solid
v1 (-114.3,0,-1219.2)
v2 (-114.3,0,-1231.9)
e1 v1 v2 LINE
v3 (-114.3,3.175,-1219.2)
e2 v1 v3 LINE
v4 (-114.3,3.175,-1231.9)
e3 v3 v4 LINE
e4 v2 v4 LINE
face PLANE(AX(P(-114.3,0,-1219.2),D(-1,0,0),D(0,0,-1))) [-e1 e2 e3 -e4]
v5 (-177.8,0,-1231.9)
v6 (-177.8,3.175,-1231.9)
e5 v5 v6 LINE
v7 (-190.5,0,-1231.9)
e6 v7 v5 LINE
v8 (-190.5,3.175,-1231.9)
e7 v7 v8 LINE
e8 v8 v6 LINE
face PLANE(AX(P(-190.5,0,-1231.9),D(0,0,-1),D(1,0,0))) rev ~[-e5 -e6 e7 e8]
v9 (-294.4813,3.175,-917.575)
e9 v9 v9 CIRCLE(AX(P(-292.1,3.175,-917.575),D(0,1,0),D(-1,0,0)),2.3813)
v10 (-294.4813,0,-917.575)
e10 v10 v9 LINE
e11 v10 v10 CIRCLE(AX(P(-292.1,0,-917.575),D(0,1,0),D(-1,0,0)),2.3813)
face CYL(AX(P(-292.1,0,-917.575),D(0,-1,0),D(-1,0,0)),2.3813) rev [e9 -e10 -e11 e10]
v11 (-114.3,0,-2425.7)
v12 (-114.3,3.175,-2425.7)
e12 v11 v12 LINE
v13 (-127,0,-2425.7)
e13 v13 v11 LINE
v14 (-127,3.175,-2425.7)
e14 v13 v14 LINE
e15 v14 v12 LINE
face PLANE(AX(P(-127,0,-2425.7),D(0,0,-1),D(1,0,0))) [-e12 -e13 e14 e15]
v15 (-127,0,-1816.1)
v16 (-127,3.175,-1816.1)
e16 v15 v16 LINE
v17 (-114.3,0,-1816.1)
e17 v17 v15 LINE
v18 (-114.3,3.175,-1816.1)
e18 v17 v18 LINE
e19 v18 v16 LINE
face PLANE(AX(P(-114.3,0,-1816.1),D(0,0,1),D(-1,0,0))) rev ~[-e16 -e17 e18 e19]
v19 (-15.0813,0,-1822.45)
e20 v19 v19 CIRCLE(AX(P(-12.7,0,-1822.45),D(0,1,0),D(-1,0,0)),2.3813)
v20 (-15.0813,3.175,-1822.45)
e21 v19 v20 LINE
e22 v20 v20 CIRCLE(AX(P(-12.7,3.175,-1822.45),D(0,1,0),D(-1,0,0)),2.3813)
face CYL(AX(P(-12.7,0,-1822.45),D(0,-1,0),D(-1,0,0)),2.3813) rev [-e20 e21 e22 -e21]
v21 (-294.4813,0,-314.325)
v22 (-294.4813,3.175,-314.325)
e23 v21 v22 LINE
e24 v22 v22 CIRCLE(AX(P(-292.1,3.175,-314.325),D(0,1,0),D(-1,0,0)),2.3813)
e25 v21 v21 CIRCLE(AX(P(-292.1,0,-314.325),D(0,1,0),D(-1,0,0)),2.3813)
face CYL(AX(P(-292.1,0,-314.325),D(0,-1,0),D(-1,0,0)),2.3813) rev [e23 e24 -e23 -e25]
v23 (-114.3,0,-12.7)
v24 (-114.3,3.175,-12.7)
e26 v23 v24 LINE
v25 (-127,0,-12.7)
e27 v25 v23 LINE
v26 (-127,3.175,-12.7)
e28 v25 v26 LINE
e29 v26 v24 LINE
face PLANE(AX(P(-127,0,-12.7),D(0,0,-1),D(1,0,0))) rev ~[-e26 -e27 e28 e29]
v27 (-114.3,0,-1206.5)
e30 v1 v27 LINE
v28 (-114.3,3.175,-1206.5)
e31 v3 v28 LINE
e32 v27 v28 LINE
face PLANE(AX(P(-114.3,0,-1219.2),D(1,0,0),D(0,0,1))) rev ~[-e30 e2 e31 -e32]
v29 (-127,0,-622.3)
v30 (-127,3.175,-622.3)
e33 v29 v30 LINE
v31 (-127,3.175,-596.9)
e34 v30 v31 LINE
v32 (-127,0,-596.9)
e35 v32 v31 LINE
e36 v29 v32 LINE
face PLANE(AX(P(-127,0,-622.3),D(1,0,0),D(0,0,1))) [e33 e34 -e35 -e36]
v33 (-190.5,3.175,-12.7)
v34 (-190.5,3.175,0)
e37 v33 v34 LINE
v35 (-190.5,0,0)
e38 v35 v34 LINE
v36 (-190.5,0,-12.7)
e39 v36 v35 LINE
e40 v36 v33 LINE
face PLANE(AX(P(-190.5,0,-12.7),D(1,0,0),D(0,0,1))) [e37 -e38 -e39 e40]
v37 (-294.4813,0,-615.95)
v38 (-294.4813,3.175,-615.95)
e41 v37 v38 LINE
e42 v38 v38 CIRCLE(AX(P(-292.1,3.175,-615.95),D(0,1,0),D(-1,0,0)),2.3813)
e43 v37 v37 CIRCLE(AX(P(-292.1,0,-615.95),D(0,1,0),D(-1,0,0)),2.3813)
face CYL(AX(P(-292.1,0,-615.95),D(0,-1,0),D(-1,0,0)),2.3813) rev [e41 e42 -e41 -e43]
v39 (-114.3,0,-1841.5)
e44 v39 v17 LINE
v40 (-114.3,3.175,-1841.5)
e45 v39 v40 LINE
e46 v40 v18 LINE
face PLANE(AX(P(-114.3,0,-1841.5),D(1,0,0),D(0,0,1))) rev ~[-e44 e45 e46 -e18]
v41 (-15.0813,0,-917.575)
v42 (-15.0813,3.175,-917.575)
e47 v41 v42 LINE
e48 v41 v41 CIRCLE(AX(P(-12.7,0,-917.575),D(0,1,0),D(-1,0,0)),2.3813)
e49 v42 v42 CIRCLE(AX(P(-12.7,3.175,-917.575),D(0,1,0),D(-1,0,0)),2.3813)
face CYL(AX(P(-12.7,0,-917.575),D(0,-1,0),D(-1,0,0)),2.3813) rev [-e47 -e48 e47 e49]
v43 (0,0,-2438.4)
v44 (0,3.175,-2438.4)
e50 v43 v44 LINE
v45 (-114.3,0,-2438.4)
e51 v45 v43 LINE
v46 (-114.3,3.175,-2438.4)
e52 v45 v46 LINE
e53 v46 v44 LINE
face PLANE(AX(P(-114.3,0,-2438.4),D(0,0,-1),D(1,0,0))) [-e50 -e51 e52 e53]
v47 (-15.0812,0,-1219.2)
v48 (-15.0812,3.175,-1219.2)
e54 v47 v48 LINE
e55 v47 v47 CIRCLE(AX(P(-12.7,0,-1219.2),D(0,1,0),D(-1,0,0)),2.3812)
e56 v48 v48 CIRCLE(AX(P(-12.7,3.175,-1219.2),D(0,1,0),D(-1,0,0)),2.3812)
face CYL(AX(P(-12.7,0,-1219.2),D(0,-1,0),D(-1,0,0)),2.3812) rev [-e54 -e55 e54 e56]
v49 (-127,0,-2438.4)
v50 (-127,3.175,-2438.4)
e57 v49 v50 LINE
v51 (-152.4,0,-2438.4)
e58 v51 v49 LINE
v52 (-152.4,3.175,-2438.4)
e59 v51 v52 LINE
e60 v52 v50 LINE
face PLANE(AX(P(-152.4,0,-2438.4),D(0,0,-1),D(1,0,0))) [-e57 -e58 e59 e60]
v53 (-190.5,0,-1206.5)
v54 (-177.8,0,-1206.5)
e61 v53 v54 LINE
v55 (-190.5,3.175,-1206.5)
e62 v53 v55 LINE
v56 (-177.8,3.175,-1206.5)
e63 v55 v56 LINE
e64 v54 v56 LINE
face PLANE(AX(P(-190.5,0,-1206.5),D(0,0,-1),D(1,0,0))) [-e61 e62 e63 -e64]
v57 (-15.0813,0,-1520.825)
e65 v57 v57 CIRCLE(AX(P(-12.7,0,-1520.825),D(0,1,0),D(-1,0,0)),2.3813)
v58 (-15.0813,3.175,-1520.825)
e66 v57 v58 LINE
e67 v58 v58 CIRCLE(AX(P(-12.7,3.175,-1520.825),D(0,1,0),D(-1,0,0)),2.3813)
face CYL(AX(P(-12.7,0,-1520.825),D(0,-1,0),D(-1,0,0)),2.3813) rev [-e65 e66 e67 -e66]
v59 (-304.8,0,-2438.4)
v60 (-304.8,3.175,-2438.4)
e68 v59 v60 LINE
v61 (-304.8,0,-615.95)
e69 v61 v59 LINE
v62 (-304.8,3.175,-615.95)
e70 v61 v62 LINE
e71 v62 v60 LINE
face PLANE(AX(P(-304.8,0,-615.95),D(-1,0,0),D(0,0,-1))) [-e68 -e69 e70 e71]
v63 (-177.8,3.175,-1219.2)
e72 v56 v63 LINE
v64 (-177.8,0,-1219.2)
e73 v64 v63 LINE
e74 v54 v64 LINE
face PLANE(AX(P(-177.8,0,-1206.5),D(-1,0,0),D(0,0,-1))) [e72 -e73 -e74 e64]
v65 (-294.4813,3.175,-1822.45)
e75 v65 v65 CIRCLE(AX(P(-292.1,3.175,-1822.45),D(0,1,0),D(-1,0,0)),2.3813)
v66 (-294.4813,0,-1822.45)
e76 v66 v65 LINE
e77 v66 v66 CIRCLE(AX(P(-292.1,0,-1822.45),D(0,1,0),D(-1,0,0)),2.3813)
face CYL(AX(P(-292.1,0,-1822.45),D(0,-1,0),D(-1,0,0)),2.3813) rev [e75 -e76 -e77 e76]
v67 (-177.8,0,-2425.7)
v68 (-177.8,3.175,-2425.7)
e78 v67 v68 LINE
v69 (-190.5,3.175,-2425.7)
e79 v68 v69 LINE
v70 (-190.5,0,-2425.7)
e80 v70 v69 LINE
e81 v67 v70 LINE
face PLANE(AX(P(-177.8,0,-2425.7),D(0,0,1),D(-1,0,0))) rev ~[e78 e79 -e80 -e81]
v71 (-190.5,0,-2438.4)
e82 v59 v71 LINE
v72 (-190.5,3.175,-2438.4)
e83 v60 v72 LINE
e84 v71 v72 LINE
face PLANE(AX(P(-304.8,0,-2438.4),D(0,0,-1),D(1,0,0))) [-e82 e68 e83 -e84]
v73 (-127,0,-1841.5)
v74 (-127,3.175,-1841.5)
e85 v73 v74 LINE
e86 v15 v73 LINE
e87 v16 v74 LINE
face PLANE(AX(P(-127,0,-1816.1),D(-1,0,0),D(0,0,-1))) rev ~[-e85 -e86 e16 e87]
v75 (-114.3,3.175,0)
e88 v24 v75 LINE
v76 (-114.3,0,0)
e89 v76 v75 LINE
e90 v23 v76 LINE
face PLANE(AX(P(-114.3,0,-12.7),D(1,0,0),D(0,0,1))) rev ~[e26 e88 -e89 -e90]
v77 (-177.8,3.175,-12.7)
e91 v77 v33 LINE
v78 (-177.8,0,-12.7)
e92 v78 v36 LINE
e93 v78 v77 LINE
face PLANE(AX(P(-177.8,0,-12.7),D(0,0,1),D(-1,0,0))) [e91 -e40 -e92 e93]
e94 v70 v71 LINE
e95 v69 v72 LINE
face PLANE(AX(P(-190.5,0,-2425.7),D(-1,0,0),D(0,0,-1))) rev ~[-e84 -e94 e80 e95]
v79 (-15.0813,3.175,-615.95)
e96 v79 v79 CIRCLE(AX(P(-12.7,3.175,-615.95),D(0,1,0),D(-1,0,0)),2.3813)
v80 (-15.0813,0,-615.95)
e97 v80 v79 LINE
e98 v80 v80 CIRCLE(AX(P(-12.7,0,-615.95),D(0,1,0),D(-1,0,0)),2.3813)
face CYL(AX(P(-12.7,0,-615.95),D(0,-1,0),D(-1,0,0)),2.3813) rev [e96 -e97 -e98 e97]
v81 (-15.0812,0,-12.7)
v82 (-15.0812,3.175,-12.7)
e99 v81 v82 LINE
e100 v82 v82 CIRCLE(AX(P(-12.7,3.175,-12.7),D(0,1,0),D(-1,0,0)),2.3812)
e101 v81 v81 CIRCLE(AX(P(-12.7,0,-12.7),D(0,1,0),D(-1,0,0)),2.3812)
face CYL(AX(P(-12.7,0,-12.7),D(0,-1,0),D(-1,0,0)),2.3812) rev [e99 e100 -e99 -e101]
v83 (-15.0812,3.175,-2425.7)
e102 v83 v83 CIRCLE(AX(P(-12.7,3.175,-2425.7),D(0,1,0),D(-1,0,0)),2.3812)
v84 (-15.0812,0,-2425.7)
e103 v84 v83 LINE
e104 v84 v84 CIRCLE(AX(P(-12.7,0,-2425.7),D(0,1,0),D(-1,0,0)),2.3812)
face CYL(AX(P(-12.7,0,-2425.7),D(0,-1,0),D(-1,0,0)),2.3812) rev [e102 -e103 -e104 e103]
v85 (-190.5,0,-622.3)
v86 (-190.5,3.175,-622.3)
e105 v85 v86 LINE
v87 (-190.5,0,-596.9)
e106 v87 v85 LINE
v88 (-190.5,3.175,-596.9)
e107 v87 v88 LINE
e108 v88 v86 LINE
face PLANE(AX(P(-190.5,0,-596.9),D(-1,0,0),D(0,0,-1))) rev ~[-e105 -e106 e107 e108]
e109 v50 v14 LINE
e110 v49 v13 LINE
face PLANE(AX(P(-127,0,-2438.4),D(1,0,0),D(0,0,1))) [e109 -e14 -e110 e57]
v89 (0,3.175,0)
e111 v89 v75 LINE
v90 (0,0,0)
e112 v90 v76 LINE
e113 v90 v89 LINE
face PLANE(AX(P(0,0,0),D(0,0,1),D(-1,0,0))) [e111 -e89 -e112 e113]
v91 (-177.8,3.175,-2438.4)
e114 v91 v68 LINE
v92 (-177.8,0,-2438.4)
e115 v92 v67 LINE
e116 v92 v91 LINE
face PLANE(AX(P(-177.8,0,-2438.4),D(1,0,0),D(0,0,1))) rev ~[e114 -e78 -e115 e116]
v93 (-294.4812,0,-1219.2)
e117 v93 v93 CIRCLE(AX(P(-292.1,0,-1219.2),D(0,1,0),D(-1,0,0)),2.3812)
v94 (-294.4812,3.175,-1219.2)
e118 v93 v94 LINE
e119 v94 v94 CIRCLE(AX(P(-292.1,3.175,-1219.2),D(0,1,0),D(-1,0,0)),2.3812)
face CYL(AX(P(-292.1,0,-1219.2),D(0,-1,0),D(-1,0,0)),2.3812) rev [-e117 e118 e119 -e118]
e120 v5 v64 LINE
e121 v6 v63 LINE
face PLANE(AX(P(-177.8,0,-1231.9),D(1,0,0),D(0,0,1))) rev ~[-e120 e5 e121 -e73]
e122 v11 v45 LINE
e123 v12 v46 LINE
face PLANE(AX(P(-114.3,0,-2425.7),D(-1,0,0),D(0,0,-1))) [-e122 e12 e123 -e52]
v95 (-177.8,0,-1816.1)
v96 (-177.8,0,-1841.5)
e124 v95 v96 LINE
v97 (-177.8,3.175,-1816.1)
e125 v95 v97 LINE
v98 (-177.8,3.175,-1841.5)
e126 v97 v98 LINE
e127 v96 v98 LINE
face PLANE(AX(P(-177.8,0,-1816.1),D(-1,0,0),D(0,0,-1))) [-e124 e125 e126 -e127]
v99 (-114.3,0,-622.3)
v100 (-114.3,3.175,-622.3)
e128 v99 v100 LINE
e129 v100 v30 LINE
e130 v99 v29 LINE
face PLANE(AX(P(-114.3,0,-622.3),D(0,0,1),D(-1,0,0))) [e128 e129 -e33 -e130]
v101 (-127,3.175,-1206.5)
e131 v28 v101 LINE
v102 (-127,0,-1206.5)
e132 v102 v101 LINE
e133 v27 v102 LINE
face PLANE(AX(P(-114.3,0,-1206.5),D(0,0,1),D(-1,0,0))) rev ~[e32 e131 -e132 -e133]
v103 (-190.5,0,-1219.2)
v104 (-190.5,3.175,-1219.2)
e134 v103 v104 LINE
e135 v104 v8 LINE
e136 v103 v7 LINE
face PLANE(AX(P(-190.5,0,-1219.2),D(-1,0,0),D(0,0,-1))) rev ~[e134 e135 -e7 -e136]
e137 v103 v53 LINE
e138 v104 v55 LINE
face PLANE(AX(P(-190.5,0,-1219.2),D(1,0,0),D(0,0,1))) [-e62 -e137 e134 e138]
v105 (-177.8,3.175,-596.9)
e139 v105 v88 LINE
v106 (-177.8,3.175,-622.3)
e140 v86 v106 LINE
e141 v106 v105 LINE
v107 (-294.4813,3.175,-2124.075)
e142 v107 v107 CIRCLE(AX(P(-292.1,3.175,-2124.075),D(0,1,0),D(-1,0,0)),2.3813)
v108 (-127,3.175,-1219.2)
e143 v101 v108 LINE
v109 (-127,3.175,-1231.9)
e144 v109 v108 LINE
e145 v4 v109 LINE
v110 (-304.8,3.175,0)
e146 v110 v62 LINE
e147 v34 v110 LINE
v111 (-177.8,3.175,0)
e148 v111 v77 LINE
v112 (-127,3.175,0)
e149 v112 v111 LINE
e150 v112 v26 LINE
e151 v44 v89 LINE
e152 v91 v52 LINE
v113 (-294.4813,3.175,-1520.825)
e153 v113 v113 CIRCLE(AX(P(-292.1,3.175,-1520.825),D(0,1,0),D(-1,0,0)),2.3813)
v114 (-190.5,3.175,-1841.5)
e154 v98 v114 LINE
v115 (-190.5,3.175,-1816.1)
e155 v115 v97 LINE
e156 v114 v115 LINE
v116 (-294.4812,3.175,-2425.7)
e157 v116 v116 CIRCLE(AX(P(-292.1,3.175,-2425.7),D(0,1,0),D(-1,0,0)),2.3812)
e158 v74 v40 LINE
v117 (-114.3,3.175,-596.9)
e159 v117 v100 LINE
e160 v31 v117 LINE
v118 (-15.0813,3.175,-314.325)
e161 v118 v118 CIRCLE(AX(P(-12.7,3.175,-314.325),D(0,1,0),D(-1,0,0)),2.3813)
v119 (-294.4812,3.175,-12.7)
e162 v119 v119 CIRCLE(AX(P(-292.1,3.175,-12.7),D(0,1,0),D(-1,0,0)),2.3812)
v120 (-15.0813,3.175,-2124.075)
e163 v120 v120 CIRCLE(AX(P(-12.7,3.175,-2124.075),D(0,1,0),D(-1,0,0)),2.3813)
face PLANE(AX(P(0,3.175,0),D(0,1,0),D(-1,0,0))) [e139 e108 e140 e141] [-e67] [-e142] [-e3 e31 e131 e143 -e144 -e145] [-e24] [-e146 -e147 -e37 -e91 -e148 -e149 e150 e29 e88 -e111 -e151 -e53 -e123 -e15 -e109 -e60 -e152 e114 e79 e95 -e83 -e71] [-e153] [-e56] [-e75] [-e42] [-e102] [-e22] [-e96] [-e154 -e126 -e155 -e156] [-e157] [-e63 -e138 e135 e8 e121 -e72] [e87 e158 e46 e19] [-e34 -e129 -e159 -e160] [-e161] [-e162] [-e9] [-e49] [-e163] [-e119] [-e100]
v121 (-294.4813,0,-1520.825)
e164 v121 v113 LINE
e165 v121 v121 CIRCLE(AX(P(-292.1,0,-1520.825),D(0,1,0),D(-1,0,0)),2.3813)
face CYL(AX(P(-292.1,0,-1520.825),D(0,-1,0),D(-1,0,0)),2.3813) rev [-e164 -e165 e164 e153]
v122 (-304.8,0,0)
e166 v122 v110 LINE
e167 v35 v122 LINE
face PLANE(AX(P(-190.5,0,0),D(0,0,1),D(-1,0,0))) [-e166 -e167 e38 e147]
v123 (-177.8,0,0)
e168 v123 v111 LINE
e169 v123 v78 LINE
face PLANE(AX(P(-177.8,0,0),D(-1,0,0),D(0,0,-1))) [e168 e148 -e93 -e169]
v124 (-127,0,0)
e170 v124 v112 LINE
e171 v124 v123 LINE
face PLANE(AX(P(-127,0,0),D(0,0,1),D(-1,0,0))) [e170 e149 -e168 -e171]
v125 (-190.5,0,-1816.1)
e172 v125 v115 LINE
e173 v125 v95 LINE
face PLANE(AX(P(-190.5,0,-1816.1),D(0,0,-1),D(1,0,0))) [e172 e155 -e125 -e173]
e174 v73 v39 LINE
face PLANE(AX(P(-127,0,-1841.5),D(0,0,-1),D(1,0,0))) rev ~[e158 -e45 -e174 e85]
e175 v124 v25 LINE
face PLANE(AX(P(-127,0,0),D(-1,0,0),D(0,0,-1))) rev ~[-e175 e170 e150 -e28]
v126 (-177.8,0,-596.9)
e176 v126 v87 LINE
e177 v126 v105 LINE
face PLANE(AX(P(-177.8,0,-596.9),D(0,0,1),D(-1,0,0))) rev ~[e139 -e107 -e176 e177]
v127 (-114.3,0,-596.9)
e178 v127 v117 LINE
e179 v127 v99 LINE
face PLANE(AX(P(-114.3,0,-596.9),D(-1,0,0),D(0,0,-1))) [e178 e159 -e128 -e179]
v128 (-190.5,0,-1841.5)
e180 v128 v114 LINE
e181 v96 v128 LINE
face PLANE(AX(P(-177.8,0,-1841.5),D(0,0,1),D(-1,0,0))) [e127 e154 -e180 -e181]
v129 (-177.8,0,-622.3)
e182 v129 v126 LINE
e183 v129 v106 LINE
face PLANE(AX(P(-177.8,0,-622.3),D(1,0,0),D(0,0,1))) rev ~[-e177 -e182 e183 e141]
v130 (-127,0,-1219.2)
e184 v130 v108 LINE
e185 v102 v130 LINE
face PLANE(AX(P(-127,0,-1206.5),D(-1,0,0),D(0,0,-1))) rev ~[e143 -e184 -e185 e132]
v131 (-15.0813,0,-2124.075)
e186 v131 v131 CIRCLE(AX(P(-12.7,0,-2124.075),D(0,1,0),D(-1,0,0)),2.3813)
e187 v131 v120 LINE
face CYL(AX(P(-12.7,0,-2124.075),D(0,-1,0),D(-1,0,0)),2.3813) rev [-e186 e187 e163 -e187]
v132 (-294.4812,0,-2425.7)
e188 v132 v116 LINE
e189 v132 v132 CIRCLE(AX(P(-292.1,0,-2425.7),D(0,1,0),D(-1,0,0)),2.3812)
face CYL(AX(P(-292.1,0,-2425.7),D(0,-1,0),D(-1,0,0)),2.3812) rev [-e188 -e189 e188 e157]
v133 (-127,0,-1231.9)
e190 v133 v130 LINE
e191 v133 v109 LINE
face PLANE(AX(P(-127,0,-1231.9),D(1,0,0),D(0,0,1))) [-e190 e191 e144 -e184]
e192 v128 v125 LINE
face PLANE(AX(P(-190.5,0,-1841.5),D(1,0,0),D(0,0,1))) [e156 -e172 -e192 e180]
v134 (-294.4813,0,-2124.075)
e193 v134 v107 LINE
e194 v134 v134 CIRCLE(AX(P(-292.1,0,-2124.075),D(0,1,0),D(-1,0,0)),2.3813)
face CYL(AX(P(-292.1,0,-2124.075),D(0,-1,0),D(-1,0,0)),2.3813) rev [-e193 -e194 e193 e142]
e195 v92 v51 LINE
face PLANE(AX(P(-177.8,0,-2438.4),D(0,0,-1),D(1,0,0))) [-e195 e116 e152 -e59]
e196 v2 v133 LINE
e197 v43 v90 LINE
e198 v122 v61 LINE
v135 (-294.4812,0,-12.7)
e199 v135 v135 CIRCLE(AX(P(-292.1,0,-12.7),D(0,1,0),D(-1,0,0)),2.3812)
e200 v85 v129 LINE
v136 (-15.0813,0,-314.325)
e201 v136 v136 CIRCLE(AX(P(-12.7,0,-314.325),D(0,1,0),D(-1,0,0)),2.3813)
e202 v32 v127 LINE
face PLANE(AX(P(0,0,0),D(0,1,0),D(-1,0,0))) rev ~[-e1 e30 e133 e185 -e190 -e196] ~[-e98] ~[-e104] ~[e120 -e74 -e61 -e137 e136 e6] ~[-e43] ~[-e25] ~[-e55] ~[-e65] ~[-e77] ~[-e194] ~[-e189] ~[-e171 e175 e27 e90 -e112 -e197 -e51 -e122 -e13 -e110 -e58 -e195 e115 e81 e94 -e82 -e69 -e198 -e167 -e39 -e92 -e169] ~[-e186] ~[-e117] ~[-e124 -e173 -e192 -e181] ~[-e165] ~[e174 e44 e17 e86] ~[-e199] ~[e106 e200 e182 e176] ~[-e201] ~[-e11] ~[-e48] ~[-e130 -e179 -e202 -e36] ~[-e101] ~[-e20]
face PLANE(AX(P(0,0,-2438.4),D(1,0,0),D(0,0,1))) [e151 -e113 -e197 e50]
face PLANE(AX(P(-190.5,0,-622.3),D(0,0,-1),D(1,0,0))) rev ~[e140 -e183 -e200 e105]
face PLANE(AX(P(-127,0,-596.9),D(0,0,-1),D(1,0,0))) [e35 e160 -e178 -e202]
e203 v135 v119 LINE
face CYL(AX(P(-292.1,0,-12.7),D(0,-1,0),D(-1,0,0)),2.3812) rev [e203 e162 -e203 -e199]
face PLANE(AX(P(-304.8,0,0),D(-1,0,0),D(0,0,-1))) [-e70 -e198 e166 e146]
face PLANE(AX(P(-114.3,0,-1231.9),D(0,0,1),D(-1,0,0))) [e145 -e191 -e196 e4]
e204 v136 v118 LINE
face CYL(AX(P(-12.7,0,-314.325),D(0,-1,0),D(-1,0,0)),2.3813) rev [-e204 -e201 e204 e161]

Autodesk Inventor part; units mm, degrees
ref_plane "YZ Plane" through (0, 0, 0) normal (1, 0, 0) x (0, 1, 0)
ref_plane "XZ Plane" through (0, 0, 0) normal (0, 1, 0) x (-1, 0, 0)
ref_plane "XY Plane" through (0, 0, 0) normal (0, 0, 1) x (1, 0, 0)
sketch "Sketch1" plane through (0, 0, 0) normal (0, 1, 0) x (-1, 0, 0)
  line L0 (0, 0) -> (304.8, 0)
  line L1 (304.8, 0) -> (304.8, -2438.4)
  line L2 (304.8, -2438.4) -> (0, -2438.4)
  line L3 (0, -2438.4) -> (0, 0)
  line L4 (114.3, 0) -> (127, 0)
  line L5 (127, 0) -> (127, -12.7)
  line L6 (127, -12.7) -> (114.3, -12.7)
  line L7 (114.3, -12.7) -> (114.3, 0)
  line L8 (152.4, -2438.4) -> (152.4, -2413)
  line L9 (127, -1219.2) -> (114.3, -1219.2)
  line L10 (114.3, -1219.2) -> (114.3, -1206.5)
  line L11 (114.3, -1206.5) -> (127, -1206.5)
  line L12 (127, -1206.5) -> (127, -1219.2)
  line L13 (114.3, -2438.4) -> (127, -2438.4)
  line L14 (127, -2438.4) -> (127, -2425.7)
  line L15 (127, -2425.7) -> (114.3, -2425.7)
  line L16 (114.3, -2425.7) -> (114.3, -2438.4)
  line L17 (114.3, -1219.2) -> (114.3, -1231.9)
  line L18 (114.3, -1231.9) -> (127, -1231.9)
  line L19 (127, -1231.9) -> (127, -1219.2)
  line L20 (190.5, 0) -> (177.8, 0)
  line L21 (177.8, 0) -> (177.8, -12.7)
  line L22 (177.8, -12.7) -> (190.5, -12.7)
  line L23 (190.5, -12.7) -> (190.5, 0)
  line L24 (177.8, -1219.2) -> (190.5, -1219.2)
  line L25 (190.5, -1219.2) -> (190.5, -1206.5)
  line L26 (190.5, -1206.5) -> (177.8, -1206.5)
  line L27 (177.8, -1206.5) -> (177.8, -1219.2)
  line L28 (190.5, -1231.9) -> (177.8, -1231.9)
  line L29 (190.5, -1219.2) -> (190.5, -1231.9)
  line L30 (177.8, -1231.9) -> (177.8, -1219.2)
  line L31 (177.8, -2425.7) -> (190.5, -2425.7)
  line L32 (190.5, -2438.4) -> (177.8, -2438.4)
  line L33 (177.8, -2438.4) -> (177.8, -2425.7)
  line L34 (190.5, -2425.7) -> (190.5, -2438.4)
  line L35 (127, -596.9) -> (114.3, -596.9)
  line L36 (114.3, -596.9) -> (114.3, -622.3)
  line L37 (114.3, -622.3) -> (127, -622.3)
  line L38 (127, -622.3) -> (127, -596.9)
  line L39 (127, -1841.5) -> (114.3, -1841.5)
  line L40 (114.3, -1841.5) -> (114.3, -1816.1)
  line L41 (114.3, -1816.1) -> (127, -1816.1)
  line L42 (127, -1816.1) -> (127, -1841.5)
  line L43 (177.8, -596.9) -> (190.5, -596.9)
  line L44 (190.5, -596.9) -> (190.5, -622.3)
  line L45 (190.5, -622.3) -> (177.8, -622.3)
  line L46 (177.8, -622.3) -> (177.8, -596.9)
  line L47 (177.8, -1841.5) -> (190.5, -1841.5)
  line L48 (177.8, -1816.1) -> (177.8, -1841.5)
  line L49 (190.5, -1816.1) -> (177.8, -1816.1)
  line L50 (190.5, -1841.5) -> (190.5, -1816.1)
  circle A0 centre (292.1, -12.7) radius 2.3812
  circle A1 centre (292.1, -314.325) radius 2.3813
  circle A2 centre (292.1, -615.95) radius 2.3813
  line L51 (304.8, -615.95) -> (300.4096, -615.95)
  circle A3 centre (292.1, -1219.2) radius 2.3812
  circle A4 centre (292.1, -917.575) radius 2.3813
  circle A5 centre (292.1, -2425.7) radius 2.3812
  circle A6 centre (292.1, -1822.45) radius 2.3813
  circle A7 centre (292.1, -1520.825) radius 2.3813
  circle A8 centre (292.1, -2124.075) radius 2.3813
  circle A9 centre (12.7, -12.7) radius 2.3812
  circle A10 centre (12.7, -314.325) radius 2.3813
  circle A11 centre (12.7, -615.95) radius 2.3813
  circle A12 centre (12.7, -1219.2) radius 2.3812
  circle A13 centre (12.7, -917.575) radius 2.3813
  circle A14 centre (12.7, -1520.825) radius 2.3813
  circle A15 centre (12.7, -1822.45) radius 2.3813
  circle A16 centre (12.7, -2425.7) radius 2.3812
  circle A17 centre (12.7, -2124.075) radius 2.3813
  point P0 (190.5, 0)
  point P1 (127, 0)
  point P2 (114.3, -2438.4)
  point P3 (127, -2438.4)
  dimension "d0" = 304.8
  dimension "d1" = 2438.4
  dimension "d4" = 12.7
  dimension "d5" = 12.7
  dimension "d6" = 114.3
  dimension "d7" = 25.4
  dimension "d8" = 12.7
  dimension "d9" = 12.7
  dimension "d10" = 114.3
  dimension "d11" = 1219.2
  dimension "d12" = 12.7
  dimension "d13" = 25.4
  dimension "d14" = 114.3
  dimension "d15" = 596.9
  dimension "d16" = 4.7625
  dimension "d17" = 12.7
  dimension "d18" = 12.7
  dimension "d19" = 4.7625
  dimension "d20" = 314.325
  dimension "d21" = 0
  dimension "d22" = 4.7625
  dimension "d23" = 0
  dimension "d24" = 615.95
extrude "Extrusion1" add sketch "Sketch1" along normal blind 3.175 contours L0 L7 L6 L5 L21 L22 L23 L1 L2 L34 L31 L33 L14 L15 L16 L3
properties part number "Plate1ftx8ft"
